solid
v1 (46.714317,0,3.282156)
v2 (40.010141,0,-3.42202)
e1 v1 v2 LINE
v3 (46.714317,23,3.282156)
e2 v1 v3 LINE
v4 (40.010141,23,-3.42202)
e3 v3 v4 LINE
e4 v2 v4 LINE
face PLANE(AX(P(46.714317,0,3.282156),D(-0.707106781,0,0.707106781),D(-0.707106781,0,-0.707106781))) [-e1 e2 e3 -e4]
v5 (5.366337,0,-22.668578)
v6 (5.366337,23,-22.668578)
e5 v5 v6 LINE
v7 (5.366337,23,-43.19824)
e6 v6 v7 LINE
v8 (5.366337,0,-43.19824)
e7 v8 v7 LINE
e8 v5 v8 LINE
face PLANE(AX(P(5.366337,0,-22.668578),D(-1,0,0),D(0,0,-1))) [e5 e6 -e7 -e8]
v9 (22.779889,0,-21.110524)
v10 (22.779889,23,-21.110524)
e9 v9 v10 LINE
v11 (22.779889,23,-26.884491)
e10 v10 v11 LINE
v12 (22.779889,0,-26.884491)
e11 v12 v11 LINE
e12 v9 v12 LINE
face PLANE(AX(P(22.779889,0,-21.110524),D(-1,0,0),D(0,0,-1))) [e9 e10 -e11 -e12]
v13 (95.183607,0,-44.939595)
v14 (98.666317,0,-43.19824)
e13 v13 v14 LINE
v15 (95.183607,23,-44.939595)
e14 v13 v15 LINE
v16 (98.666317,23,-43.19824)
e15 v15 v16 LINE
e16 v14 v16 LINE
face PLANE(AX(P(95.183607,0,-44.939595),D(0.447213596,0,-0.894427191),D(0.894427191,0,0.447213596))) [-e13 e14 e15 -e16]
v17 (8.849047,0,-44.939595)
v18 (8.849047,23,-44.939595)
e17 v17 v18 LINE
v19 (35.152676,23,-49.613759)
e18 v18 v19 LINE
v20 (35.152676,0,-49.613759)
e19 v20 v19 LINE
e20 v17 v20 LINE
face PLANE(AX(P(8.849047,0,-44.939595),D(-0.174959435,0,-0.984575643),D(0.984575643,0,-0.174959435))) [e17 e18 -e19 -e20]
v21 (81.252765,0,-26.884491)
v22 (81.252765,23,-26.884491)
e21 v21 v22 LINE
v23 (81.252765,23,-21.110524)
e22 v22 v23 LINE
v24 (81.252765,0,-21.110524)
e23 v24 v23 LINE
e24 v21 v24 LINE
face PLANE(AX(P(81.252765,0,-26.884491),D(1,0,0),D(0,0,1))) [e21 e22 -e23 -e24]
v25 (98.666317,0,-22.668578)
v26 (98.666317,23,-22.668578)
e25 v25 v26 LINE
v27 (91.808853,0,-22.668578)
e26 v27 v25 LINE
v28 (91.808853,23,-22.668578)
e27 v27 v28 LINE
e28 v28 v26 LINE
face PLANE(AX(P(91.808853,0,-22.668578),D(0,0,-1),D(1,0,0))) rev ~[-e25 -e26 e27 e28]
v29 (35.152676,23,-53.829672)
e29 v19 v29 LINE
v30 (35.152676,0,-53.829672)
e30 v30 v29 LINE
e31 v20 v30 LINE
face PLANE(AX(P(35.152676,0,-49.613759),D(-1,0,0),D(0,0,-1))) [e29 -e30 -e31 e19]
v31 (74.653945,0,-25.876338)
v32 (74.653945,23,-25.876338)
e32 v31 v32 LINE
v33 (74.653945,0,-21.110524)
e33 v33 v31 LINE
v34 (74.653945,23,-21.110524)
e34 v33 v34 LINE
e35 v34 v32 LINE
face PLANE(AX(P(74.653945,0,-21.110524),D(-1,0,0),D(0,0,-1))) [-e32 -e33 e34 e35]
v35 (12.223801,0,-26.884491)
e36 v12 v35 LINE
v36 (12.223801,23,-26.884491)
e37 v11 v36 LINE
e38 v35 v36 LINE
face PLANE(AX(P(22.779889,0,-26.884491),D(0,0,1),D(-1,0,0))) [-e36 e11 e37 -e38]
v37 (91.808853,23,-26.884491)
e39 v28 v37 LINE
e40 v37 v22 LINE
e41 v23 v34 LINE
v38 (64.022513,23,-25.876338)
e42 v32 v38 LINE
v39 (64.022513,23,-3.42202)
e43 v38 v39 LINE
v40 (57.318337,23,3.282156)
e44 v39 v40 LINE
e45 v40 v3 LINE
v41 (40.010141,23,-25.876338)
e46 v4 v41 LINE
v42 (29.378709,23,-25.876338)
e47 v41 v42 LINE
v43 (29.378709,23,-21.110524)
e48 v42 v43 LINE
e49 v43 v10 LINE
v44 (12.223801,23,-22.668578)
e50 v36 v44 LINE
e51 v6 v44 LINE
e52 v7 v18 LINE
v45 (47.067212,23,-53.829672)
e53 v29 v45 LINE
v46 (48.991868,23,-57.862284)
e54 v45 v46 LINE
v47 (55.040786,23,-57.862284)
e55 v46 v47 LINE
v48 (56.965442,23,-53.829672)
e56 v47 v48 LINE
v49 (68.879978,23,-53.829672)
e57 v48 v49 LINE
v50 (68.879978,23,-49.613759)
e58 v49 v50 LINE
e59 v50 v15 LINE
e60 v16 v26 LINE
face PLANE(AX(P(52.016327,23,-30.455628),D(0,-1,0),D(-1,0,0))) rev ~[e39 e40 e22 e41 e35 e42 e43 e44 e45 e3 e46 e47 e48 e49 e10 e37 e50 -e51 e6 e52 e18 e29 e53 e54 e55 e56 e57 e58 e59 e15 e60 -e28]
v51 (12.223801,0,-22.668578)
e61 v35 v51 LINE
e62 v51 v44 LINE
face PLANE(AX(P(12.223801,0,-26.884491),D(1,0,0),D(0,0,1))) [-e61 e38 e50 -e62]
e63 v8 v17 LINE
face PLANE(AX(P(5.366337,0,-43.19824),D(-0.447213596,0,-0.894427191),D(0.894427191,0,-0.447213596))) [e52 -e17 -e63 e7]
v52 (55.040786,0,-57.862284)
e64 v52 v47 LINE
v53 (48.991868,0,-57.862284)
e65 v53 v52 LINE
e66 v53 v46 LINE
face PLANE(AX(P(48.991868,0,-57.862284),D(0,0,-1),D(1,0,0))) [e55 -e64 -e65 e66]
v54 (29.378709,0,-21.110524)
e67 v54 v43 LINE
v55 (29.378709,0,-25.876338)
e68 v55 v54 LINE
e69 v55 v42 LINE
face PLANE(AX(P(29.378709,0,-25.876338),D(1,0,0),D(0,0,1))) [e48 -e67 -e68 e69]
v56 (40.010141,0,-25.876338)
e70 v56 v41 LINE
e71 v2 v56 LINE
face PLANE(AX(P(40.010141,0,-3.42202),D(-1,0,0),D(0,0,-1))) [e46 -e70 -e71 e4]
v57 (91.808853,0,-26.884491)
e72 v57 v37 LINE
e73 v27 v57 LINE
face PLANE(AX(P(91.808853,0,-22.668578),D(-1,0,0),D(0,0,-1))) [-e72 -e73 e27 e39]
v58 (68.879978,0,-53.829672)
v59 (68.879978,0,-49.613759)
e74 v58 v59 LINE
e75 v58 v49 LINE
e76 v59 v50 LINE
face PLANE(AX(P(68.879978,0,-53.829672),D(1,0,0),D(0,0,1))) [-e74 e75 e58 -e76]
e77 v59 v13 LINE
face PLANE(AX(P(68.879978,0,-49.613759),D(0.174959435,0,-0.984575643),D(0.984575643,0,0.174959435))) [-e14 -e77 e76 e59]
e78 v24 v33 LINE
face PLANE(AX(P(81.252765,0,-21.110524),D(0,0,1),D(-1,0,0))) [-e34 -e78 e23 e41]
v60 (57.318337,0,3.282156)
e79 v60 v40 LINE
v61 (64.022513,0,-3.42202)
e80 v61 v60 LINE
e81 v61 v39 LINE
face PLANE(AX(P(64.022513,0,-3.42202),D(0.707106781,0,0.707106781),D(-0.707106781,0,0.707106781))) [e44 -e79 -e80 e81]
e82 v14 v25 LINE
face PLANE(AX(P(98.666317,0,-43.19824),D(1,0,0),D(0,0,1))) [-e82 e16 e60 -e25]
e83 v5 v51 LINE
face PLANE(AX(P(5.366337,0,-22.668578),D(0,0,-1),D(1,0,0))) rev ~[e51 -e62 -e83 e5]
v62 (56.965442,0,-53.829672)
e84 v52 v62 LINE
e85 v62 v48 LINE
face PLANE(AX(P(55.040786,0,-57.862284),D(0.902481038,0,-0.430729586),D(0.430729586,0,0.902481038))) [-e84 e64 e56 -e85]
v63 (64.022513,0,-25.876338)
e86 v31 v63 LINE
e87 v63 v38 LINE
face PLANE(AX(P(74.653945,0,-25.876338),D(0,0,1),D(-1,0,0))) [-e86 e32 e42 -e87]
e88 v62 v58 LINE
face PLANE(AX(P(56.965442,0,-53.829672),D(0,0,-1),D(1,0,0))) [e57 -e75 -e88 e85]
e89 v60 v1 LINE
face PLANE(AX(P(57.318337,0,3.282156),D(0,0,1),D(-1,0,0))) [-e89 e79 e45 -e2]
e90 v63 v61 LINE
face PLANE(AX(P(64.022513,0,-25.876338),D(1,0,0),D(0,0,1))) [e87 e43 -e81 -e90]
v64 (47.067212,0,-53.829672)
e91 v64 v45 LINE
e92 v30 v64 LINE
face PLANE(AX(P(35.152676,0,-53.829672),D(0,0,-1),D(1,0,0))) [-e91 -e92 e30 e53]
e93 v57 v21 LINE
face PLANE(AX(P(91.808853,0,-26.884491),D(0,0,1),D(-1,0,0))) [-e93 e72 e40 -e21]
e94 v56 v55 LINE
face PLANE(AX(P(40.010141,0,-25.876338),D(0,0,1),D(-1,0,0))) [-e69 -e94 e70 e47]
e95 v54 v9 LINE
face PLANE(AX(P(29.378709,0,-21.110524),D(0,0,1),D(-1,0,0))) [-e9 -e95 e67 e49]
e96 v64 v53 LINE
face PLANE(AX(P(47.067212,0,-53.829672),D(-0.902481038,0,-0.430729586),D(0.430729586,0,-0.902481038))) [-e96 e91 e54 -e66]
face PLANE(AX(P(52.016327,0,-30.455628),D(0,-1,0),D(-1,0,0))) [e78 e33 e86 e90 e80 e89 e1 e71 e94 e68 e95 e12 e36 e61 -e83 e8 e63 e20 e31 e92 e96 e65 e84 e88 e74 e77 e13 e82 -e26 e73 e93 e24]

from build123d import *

# Parameters (mm, degrees)
BOSS_EXTRUDE1_DEPTH = 23


with BuildPart() as part:
    # Sketch1 → Boss-Extrude1 (new body)
    with BuildSketch(Plane(origin=(0, 0, 0), x_dir=(1, 0, 0), z_dir=(0, 1, 0))):
        Polygon((5.366336563, 43.198240053), (8.849047037, 44.93959529), (35.152676147, 49.613759348), (35.152676147, 53.829672027), (47.067211981, 53.829672027), (48.991867769, 57.862284156), (55.040785962, 57.862284156), (56.96544175, 53.829672027), (68.879977584, 53.829672027), (68.879977584, 49.613759348), (95.183606694, 44.93959529), (98.666317168, 43.198240053), (98.666317168, 22.668578308), (93.808852559, 22.668578308), (91.808852559, 22.668578308), (91.808852559, 26.884490988), (81.252764796, 26.884490988), (81.252764796, 21.110523622), (74.65394495, 21.110523622), (74.65394495, 25.876337956), (64.022512975, 25.876337956), (64.022512975, 3.422020423), (57.31833656, -3.282155992), (46.714317171, -3.282155992), (40.010140756, 3.422020423), (40.010140756, 25.876337956), (29.378708781, 25.876337956), (29.378708781, 21.110523622), (22.779888935, 21.110523622), (22.779888935, 26.884490988), (12.223801172, 26.884490988), (12.223801172, 22.668578308), (10.223801172, 22.668578308), (5.366336563, 22.668578308), align=None)
    extrude(amount=BOSS_EXTRUDE1_DEPTH)


solid = part.part
